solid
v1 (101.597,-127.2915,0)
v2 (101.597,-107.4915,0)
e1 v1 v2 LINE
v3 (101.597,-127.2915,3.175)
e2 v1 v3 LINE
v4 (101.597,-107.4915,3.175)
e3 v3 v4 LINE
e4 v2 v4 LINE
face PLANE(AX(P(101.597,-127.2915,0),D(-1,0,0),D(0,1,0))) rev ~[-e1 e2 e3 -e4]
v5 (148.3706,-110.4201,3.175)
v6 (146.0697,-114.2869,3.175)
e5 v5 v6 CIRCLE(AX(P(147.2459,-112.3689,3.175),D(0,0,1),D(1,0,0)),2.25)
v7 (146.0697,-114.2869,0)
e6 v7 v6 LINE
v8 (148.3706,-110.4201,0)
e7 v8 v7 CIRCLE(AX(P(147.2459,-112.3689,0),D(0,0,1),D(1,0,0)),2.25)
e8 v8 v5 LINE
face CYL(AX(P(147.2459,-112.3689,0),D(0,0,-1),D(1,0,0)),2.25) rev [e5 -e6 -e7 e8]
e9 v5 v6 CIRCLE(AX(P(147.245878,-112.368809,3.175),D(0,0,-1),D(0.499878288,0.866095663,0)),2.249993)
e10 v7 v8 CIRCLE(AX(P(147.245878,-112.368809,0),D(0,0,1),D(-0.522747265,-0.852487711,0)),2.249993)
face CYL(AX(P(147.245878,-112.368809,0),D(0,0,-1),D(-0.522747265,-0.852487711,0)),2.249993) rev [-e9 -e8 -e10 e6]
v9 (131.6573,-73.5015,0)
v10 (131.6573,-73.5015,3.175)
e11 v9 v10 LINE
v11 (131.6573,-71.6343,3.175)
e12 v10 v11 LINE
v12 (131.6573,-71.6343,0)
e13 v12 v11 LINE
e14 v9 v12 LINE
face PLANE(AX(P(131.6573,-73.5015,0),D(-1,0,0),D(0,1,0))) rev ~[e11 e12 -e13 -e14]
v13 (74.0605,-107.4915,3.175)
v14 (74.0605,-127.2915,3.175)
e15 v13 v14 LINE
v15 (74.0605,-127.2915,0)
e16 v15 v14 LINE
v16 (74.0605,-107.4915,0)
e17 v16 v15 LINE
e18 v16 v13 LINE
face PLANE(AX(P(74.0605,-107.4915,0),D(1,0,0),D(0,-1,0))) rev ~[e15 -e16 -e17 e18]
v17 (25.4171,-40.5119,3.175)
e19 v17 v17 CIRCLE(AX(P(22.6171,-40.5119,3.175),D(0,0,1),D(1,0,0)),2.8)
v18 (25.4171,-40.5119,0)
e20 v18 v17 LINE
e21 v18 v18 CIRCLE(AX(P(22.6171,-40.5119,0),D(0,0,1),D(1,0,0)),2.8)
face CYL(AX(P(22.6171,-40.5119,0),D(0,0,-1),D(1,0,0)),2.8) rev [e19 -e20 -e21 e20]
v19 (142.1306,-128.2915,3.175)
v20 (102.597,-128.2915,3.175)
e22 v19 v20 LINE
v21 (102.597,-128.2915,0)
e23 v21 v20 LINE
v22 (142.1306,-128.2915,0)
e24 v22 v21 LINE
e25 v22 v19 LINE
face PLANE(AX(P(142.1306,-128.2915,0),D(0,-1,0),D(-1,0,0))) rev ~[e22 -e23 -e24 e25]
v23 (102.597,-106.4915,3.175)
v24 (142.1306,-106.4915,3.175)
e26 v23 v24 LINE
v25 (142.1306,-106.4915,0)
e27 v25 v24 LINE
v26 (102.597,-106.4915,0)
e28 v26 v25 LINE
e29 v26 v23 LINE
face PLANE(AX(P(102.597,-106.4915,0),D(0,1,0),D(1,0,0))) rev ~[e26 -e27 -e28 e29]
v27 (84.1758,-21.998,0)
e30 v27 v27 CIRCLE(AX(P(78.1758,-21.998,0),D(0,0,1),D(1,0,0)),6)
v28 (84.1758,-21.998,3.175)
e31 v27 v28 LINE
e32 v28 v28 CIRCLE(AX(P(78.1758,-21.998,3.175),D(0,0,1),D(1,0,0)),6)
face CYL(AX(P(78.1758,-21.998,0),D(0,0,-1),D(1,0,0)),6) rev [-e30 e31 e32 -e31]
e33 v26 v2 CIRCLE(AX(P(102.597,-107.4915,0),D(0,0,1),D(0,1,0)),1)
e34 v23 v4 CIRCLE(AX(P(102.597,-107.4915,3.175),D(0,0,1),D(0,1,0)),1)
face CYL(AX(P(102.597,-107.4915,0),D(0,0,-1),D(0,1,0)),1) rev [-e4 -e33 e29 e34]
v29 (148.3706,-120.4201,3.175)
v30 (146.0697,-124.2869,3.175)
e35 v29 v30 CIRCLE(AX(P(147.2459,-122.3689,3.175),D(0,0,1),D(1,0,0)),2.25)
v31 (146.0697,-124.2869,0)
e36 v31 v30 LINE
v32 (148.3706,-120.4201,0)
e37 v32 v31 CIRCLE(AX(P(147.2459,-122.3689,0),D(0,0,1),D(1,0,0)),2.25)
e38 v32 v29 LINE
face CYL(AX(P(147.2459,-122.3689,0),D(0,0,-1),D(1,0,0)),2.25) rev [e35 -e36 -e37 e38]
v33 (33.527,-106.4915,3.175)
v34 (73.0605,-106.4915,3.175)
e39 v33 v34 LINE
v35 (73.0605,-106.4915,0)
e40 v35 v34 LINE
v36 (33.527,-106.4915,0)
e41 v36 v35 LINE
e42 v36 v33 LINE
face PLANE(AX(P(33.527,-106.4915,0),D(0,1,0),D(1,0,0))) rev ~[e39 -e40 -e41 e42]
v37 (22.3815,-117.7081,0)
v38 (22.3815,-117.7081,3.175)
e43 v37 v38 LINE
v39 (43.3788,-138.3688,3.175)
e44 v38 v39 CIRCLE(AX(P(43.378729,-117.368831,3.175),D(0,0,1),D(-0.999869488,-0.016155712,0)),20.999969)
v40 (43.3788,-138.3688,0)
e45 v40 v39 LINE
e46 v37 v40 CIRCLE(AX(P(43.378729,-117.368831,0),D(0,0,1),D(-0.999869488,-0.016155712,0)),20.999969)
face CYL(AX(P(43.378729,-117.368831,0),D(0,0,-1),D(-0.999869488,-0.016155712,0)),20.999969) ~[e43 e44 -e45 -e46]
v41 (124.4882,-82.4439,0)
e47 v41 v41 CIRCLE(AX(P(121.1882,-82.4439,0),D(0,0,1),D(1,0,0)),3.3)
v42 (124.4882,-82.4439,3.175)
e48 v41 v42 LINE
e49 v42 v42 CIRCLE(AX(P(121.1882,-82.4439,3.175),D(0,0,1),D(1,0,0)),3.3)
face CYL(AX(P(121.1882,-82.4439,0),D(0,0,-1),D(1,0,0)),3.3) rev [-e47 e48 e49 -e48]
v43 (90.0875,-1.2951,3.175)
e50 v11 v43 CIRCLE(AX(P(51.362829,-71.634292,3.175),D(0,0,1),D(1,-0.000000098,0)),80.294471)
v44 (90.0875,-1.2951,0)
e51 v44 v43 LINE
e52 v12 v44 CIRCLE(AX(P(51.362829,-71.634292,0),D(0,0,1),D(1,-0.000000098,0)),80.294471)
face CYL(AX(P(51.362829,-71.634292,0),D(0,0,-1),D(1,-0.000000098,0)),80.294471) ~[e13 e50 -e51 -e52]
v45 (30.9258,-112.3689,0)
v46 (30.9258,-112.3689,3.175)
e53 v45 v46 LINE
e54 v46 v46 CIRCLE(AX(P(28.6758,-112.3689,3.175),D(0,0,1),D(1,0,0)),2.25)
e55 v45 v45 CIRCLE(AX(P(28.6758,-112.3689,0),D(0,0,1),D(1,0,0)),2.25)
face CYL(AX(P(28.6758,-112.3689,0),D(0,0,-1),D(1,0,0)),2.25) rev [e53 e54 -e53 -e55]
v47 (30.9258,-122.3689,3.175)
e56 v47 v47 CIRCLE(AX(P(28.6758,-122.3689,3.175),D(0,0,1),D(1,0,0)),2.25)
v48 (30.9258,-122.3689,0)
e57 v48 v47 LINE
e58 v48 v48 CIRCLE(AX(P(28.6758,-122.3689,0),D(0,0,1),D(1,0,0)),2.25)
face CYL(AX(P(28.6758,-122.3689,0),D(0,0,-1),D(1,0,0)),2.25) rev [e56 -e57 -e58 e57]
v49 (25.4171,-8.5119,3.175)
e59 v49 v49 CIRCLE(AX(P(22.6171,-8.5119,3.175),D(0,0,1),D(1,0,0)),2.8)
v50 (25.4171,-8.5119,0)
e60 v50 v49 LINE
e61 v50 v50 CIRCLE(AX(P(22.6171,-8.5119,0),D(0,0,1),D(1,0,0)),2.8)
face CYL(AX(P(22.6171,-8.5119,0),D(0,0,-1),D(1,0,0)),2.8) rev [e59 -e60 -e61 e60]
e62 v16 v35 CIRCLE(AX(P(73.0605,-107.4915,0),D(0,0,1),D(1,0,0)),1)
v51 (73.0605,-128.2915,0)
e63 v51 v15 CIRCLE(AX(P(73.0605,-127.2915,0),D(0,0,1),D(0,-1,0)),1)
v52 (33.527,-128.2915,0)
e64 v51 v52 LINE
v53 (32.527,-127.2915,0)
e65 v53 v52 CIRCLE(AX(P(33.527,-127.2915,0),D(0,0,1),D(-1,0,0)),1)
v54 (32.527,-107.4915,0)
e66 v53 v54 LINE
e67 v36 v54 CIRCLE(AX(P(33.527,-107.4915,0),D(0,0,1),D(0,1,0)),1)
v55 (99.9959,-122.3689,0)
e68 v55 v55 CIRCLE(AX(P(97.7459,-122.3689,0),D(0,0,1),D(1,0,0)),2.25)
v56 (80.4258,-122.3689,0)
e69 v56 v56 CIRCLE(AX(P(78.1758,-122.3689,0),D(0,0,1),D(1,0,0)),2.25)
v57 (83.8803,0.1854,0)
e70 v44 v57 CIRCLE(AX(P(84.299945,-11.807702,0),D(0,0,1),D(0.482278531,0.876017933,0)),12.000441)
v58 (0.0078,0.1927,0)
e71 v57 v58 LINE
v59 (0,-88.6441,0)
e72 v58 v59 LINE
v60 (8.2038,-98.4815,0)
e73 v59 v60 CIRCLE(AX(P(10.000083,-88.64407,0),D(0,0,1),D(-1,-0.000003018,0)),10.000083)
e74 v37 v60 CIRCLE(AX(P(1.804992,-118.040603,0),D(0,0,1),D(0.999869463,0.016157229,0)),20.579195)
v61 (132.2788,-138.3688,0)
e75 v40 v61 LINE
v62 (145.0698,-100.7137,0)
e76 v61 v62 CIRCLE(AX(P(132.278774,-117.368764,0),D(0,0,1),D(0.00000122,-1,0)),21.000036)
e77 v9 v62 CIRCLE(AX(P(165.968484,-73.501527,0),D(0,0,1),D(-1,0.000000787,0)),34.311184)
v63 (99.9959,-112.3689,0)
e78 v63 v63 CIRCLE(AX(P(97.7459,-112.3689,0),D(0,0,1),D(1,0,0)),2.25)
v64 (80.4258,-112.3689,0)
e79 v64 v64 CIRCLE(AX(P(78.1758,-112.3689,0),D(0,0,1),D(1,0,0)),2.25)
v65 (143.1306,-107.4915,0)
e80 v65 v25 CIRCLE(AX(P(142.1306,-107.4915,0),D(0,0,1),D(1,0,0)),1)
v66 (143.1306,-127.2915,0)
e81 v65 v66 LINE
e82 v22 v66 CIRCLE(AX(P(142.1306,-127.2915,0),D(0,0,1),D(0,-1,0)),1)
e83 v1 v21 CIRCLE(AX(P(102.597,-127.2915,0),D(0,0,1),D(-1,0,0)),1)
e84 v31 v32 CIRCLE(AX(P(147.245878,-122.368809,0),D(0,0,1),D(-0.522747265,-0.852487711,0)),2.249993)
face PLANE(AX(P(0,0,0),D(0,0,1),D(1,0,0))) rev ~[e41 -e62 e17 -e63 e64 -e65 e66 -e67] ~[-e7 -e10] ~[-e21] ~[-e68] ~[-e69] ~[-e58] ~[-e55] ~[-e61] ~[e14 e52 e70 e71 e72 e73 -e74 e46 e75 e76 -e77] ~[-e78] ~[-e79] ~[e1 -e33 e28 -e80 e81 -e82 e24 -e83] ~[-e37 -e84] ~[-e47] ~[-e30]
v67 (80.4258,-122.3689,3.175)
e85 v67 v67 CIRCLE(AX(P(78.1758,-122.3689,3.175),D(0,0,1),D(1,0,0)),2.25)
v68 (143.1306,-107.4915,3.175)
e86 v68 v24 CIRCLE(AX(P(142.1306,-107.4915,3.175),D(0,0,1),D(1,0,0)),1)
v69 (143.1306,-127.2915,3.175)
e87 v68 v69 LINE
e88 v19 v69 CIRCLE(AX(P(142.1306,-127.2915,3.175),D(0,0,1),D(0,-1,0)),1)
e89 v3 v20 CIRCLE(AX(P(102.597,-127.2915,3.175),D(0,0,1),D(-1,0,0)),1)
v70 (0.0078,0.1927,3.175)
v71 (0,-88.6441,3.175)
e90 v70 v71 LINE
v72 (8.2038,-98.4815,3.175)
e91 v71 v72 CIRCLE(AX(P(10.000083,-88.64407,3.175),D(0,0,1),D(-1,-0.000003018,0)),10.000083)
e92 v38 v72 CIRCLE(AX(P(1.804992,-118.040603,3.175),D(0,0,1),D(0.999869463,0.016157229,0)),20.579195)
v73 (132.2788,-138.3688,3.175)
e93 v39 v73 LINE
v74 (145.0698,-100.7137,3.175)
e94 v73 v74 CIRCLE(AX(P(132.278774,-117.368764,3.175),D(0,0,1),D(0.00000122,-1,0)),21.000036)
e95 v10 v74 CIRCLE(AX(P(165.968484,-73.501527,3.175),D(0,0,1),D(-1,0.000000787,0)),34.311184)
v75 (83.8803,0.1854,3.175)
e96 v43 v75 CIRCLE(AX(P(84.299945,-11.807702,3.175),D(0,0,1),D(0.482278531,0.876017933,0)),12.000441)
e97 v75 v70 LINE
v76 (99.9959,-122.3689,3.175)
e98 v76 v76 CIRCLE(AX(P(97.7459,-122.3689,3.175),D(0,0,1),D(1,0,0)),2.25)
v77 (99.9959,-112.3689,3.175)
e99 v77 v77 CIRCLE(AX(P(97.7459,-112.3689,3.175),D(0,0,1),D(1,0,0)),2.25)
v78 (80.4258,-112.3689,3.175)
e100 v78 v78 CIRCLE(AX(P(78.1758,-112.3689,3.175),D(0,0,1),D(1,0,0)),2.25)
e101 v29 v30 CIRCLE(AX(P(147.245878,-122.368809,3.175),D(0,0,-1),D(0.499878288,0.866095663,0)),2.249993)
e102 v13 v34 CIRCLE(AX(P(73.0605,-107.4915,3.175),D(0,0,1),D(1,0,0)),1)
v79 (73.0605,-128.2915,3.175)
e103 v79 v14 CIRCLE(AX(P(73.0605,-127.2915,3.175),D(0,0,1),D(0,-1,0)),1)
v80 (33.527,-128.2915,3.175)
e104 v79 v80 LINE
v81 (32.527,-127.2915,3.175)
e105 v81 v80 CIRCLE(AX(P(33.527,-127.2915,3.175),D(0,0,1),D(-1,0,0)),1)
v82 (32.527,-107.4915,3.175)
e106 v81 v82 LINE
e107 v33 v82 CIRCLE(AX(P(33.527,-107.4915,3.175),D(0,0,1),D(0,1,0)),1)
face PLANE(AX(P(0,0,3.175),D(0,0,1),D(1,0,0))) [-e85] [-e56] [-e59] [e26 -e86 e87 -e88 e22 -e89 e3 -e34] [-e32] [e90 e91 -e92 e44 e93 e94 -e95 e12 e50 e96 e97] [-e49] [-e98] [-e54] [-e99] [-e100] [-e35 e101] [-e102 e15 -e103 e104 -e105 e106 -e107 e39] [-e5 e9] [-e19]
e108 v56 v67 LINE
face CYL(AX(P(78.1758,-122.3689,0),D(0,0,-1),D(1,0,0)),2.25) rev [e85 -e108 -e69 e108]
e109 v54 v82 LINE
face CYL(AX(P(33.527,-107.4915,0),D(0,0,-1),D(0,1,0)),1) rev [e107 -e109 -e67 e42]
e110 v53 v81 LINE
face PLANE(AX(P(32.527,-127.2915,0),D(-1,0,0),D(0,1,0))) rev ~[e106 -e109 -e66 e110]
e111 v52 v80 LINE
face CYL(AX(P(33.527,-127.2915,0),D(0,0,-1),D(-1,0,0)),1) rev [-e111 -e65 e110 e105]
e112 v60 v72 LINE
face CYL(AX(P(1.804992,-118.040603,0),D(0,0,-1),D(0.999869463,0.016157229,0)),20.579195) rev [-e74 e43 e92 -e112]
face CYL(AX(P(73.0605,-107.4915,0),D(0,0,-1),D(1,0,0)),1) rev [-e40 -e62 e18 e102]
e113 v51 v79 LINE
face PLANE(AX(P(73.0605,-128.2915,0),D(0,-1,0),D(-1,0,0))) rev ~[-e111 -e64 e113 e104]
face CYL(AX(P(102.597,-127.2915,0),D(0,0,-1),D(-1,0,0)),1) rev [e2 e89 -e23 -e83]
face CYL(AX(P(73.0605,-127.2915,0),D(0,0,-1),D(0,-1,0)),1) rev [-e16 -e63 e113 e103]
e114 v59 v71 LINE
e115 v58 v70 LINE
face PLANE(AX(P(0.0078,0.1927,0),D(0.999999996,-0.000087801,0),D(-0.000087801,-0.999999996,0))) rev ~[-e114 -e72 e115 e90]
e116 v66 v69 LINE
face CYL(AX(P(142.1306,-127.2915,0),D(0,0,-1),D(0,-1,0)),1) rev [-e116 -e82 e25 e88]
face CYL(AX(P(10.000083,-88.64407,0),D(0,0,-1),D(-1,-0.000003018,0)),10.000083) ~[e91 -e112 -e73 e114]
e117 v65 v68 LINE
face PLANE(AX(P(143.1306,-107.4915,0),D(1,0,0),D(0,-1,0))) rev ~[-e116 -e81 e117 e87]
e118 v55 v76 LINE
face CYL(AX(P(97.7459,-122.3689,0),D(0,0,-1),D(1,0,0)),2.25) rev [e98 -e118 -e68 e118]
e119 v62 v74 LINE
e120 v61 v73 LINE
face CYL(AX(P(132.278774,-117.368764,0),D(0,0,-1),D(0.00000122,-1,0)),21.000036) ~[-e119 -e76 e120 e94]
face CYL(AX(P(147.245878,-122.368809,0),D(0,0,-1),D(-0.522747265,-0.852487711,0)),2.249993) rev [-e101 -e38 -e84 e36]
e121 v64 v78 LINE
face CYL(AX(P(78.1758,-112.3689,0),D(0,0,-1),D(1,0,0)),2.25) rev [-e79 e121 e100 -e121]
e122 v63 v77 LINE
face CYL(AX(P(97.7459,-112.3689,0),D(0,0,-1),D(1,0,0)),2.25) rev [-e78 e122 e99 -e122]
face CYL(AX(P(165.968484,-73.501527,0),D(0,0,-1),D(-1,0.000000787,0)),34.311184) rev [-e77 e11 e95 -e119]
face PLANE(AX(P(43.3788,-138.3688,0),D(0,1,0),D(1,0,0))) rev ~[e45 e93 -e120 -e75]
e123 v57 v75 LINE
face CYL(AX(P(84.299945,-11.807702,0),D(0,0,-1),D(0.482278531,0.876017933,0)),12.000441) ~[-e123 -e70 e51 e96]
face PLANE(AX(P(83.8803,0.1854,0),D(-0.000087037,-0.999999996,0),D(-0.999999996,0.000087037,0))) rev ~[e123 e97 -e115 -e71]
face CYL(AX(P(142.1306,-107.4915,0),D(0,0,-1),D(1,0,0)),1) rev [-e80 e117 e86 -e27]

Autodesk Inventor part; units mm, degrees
ref_plane "YZ Plane" through (0, 0, 0) normal (1, 0, 0) x (0, 1, 0)
ref_plane "XZ Plane" through (0, 0, 0) normal (0, 1, 0) x (-1, 0, 0)
ref_plane "XY Plane" through (0, 0, 0) normal (0, 0, 1) x (1, 0, 0)
sketch "Sketch1" plane through (0, 0, 0) normal (0, 0, 1) x (1, 0, 0)
  line L0 (131.6573, -73.5015) -> (131.6573, -71.6343)
  arc A0 (131.6573, -71.6343) -> (90.0875, -1.2951) centre (51.3628, -71.6343) ccw
  arc A1 (90.0875, -1.2951) -> (83.8803, 0.1854) centre (84.3001, -11.8073) ccw
  line L1 (83.8803, 0.1854) -> (0.0078, 0.1927)
  line L2 (0.0078, 0.1927) -> (0, -88.6441)
  arc A2 (0, -88.6441) -> (8.2038, -98.4815) centre (10, -88.6441) ccw
  circle A3 centre (121.1882, -82.4439) radius 3.3
  arc A4 (146.0697, -114.2869) -> (148.3706, -110.4201) centre (147.2459, -112.3689) ccw
  circle A5 centre (97.7459, -122.3689) radius 2.25
  circle A6 centre (97.7459, -112.3689) radius 2.25
  circle A7 centre (78.1758, -122.3689) radius 2.25
  arc A8 (146.0697, -124.2869) -> (148.3706, -120.4201) centre (147.2459, -122.3689) ccw
  circle A9 centre (22.6171, -8.5119) radius 2.8
  circle A10 centre (22.6171, -40.5119) radius 2.8
  circle A11 centre (28.6758, -122.3689) radius 2.25
  circle A12 centre (28.6758, -112.3689) radius 2.25
  circle A13 centre (78.1758, -112.3689) radius 2.25
  circle A14 centre (10, -88.6441) radius 3.3
  line L3 (73.0605, -128.2915) -> (33.527, -128.2915)
  arc A15 (32.527, -127.2915) -> (33.527, -128.2915) centre (33.527, -127.2915) ccw
  line L4 (32.527, -127.2915) -> (32.527, -107.4915)
  arc A16 (33.527, -106.4915) -> (32.527, -107.4915) centre (33.527, -107.4915) ccw
  line L5 (33.527, -106.4915) -> (73.0605, -106.4915)
  arc A17 (74.0605, -107.4915) -> (73.0605, -106.4915) centre (73.0605, -107.4915) ccw
  line L6 (74.0605, -107.4915) -> (74.0605, -127.2915)
  arc A18 (73.0605, -128.2915) -> (74.0605, -127.2915) centre (73.0605, -127.2915) ccw
  line L7 (142.1306, -128.2915) -> (102.597, -128.2915)
  arc A19 (101.597, -127.2915) -> (102.597, -128.2915) centre (102.597, -127.2915) ccw
  line L8 (101.597, -127.2915) -> (101.597, -107.4915)
  arc A20 (102.597, -106.4915) -> (101.597, -107.4915) centre (102.597, -107.4915) ccw
  line L9 (102.597, -106.4915) -> (142.1306, -106.4915)
  arc A21 (143.1306, -107.4915) -> (142.1306, -106.4915) centre (142.1306, -107.4915) ccw
  line L10 (143.1306, -107.4915) -> (143.1306, -127.2915)
  arc A22 (142.1306, -128.2915) -> (143.1306, -127.2915) centre (142.1306, -127.2915) ccw
  circle A23 centre (147.2459, -112.3689) radius 2.25
  circle A24 centre (147.2459, -122.3689) radius 2.25
  line L11 (28.6758, -112.3689) -> (147.2459, -112.3689) construction
  line L12 (28.6758, -122.3689) -> (147.2459, -122.3689) construction
  circle A25 centre (43.3788, -117.3688) radius 6
  circle A26 centre (22.6171, -40.5119) radius 2.8 projected
  circle A27 centre (22.6171, -8.5119) radius 2.8 projected
  circle A28 centre (132.2788, -117.3688) radius 6
  circle A29 centre (78.1758, -21.998) radius 3.25
  circle A30 centre (78.1758, -21.998) radius 6
  arc A31 (132.2788, -138.3688) -> (145.0698, -100.7137) centre (132.2788, -117.3688) ccw
  arc A32 (22.3815, -117.7081) -> (8.2038, -98.4815) centre (1.805, -118.0406) ccw
  line L13 (43.3788, -138.3688) -> (132.2788, -138.3688)
  arc A33 (131.6573, -73.5015) -> (145.0698, -100.7137) centre (165.9686, -73.5015) ccw
  arc A34 (22.3815, -117.7081) -> (43.3788, -138.3688) centre (43.3788, -117.3688) ccw
  point P0 (0, 0)
  point P1 (58.8546, -117.3689)
  dimension "d2" = 49.5
  dimension "d3" = 49.5
  dimension "d4" = 49.5
  dimension "d5" = 49.5
  dimension "d6" = 10
  dimension "d7" = 12
  dimension "d10" = 88.9
  dimension "d11" = 42
  dimension "d13" = 10.8518
  dimension "d14" = 10.8518
  dimension "d15" = 4.1153
  dimension "d16" = 4.1153
  dimension "d17" = 4.1153
  dimension "d18" = 78.17
extrude "Extrusion1" add sketch "Sketch1" along normal blind 3.175 contours A33 A31 L13 A34 A32 A2 L2 L1 A1 A0 L0 | A14
equation "\"d14\" = d13"
equation "\"d16\" = d15"
equation "\"d17\" = d15"
properties part number "Intake Sides V5_servo" material "Polycarbonate, Clear"
